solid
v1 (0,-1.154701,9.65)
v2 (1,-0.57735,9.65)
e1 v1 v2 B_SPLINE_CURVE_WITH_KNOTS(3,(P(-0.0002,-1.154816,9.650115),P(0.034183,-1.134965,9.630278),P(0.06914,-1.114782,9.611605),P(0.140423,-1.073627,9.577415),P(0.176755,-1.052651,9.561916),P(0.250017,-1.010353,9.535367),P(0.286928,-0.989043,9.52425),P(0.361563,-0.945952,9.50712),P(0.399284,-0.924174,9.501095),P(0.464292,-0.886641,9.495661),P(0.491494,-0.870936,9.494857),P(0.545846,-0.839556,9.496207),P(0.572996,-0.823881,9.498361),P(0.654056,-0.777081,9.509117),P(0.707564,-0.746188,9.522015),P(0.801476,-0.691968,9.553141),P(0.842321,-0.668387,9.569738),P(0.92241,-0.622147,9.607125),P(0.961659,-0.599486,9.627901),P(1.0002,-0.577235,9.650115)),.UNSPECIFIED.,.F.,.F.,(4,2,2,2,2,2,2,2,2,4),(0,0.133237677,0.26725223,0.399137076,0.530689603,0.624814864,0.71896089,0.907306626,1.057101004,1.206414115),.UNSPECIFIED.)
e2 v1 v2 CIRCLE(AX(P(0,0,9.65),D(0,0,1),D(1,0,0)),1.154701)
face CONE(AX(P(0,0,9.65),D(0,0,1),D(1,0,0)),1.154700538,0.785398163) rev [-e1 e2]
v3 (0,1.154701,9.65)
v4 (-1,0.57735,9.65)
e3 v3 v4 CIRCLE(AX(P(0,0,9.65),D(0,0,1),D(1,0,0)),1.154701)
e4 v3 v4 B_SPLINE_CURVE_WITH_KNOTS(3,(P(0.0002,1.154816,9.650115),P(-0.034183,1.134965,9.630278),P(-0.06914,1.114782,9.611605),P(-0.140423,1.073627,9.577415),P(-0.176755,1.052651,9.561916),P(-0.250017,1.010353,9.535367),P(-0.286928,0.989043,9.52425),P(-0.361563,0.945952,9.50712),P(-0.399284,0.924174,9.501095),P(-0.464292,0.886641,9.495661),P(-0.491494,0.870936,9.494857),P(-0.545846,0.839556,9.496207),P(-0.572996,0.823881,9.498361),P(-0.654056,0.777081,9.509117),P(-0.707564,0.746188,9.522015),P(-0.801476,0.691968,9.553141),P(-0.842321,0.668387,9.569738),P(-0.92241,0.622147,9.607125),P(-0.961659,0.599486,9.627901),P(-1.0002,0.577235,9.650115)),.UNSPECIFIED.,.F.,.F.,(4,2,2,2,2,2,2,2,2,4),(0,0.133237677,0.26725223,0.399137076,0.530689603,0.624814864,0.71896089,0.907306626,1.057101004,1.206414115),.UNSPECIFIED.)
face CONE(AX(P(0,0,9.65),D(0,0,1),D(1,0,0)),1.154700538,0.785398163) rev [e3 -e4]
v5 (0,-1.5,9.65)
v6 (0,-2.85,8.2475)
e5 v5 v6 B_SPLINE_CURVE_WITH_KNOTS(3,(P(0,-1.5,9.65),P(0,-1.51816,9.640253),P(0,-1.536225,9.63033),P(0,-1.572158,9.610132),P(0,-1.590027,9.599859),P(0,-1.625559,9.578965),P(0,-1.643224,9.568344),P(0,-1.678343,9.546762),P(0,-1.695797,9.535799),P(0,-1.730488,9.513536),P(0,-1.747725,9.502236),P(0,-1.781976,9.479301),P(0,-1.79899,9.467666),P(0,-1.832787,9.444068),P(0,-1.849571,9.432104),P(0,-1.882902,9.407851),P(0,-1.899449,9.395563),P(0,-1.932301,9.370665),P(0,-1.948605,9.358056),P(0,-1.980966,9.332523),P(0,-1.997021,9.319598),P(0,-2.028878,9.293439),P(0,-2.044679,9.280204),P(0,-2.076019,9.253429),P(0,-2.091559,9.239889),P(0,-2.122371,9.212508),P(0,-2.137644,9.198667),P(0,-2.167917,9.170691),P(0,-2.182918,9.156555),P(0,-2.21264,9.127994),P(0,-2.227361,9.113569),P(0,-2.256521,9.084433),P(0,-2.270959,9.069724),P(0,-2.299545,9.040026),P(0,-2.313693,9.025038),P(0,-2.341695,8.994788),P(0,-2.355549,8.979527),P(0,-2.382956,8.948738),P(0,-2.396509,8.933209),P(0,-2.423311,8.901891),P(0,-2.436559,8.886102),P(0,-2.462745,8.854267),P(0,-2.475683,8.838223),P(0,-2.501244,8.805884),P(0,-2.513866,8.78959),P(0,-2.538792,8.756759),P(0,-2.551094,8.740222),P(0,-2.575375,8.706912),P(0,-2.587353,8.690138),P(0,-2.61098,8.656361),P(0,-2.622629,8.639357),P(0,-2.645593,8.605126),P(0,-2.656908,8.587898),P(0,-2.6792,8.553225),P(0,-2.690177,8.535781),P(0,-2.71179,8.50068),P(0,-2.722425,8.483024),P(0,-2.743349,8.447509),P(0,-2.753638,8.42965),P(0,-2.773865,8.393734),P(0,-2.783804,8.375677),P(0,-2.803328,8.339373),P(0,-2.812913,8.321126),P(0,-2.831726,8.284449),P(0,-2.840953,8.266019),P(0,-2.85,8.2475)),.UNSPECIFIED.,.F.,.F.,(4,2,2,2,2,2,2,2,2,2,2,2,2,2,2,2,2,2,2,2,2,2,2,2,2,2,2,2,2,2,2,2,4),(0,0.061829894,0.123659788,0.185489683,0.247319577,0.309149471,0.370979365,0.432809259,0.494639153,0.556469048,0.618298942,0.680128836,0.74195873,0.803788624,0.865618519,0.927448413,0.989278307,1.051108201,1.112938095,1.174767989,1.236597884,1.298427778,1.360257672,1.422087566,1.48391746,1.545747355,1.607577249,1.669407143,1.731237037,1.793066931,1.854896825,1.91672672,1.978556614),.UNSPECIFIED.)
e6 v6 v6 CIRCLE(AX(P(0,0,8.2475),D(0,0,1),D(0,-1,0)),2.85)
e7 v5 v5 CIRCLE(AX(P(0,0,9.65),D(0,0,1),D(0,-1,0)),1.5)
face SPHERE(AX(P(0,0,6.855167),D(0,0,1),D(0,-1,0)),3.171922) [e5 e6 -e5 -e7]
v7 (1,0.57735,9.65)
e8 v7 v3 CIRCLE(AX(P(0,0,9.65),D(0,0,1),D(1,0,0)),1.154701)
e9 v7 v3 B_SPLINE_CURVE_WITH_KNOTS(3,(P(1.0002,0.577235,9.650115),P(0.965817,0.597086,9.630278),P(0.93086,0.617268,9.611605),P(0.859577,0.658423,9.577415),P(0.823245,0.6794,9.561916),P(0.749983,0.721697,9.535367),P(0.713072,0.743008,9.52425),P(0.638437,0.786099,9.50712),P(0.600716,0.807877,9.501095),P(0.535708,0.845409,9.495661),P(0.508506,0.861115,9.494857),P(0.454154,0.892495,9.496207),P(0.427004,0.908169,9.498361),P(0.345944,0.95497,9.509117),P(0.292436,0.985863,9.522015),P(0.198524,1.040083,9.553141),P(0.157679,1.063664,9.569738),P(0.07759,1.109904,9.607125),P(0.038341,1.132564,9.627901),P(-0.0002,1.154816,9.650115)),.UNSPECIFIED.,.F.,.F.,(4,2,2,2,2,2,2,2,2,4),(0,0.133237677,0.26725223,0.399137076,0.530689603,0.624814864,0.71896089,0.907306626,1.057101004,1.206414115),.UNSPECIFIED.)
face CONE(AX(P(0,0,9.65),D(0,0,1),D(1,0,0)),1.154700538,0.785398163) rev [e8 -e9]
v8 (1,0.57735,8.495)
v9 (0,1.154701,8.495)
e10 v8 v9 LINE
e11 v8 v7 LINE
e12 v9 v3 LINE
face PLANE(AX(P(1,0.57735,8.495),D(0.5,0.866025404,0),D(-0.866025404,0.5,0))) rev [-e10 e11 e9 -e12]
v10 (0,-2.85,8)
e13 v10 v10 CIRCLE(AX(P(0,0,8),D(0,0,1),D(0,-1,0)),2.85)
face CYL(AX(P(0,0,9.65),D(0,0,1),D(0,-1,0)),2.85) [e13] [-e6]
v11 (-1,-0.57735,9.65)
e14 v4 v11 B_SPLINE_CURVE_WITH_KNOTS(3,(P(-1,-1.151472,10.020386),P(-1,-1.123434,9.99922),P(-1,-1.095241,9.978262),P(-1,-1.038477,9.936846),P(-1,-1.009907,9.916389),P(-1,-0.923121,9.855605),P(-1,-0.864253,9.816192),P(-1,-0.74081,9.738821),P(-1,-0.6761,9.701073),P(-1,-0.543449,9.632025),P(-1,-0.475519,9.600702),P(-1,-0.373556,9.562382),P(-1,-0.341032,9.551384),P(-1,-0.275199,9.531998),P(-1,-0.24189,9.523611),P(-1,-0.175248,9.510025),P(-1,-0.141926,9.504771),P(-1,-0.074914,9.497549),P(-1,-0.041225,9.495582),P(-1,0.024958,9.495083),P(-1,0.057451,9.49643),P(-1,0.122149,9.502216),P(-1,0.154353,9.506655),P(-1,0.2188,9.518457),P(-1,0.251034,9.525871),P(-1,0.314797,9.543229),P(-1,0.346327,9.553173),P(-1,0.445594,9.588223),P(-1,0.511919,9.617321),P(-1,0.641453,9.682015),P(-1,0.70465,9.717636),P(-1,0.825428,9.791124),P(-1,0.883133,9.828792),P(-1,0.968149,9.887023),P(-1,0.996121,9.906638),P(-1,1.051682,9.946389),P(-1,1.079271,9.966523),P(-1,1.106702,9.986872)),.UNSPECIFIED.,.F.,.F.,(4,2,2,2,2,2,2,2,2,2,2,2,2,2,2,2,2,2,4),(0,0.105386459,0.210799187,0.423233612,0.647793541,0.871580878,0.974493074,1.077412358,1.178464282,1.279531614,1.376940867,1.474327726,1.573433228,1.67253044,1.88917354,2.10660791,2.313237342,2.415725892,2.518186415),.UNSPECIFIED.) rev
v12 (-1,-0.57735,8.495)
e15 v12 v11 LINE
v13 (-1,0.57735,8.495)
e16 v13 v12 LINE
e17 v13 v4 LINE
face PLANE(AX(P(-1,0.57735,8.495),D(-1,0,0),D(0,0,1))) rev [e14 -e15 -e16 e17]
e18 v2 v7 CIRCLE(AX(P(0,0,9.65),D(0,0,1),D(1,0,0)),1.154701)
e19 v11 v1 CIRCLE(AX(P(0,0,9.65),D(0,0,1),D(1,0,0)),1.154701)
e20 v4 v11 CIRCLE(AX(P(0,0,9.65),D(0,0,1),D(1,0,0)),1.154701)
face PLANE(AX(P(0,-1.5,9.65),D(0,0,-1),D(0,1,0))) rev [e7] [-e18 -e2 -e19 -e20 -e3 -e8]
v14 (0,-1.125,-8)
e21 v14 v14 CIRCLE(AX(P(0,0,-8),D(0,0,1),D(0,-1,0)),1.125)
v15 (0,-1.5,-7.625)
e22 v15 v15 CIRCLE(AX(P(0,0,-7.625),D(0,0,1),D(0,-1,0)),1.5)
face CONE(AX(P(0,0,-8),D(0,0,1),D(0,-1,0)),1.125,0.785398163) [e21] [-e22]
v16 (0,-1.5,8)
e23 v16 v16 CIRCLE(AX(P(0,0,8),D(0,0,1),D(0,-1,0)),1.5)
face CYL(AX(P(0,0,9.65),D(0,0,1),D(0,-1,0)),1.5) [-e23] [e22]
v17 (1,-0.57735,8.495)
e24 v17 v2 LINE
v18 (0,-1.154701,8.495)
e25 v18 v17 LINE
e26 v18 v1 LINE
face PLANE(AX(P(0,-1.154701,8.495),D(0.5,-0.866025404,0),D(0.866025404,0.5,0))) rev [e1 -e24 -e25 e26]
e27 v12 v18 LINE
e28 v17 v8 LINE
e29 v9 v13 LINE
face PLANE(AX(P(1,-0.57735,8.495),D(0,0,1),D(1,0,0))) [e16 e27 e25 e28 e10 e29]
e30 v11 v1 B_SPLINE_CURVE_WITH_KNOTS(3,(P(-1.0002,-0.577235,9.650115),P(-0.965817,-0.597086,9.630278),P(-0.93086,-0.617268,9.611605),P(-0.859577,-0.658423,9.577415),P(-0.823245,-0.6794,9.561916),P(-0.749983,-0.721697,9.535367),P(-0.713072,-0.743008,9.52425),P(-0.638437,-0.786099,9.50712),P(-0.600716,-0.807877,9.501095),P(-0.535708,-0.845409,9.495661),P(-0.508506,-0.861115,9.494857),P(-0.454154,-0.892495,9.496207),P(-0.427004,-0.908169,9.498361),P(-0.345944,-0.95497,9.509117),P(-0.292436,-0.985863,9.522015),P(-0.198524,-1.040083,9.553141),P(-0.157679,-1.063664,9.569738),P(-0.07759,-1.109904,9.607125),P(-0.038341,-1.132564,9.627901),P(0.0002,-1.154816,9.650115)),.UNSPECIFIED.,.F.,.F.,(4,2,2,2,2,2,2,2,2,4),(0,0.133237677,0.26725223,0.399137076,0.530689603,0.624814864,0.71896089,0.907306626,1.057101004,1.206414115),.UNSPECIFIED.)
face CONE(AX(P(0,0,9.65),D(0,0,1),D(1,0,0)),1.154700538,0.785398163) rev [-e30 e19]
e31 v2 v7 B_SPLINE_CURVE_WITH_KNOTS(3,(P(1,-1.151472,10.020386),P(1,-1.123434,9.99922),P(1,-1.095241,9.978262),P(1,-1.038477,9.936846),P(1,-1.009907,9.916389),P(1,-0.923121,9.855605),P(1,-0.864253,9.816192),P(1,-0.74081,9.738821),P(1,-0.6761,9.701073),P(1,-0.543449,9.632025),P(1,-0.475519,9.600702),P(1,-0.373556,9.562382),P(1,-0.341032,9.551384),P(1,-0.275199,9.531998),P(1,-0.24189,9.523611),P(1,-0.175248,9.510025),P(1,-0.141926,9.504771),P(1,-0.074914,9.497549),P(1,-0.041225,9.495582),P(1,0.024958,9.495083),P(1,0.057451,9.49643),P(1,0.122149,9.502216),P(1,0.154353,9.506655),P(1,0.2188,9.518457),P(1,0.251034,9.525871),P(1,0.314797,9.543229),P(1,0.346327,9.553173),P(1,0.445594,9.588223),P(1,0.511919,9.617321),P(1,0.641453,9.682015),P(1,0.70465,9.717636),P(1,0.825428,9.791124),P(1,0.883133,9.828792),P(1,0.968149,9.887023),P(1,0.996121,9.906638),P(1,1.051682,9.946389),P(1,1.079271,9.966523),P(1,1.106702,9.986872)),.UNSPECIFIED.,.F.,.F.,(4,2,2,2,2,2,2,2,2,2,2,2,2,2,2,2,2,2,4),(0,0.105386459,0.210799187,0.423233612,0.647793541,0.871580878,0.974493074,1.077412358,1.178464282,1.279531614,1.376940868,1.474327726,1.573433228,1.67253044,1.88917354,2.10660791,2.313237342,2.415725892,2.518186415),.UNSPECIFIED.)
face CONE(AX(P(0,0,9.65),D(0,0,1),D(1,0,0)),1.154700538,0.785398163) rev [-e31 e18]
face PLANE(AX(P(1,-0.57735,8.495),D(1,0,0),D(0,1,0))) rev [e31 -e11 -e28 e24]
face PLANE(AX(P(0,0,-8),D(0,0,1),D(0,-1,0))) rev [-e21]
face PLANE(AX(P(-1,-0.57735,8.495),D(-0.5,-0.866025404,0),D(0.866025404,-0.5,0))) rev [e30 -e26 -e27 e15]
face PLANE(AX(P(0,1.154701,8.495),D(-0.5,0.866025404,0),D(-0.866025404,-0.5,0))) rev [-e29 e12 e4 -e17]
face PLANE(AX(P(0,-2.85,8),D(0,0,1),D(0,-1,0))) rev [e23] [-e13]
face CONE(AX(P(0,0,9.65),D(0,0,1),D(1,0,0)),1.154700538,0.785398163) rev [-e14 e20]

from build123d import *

# Parameters (mm, degrees)
CUT_EXTRUDE2_DEPTH = 1.155


with BuildPart() as part:
    # Sketch10 → Revolve3 (revolve)
    with BuildSketch(Plane(origin=(0, 0, 0), x_dir=(0, 0, -1), z_dir=(1, 0, 0))):
        Polygon((7.625, 1.5), (8, 1.125), (8, 0), (-8, 0), (-8, 1.5), align=None)
    revolve(axis=Axis((0, 0, 9.65), (0, 0, -1)))

    # Sketch7 → Revolve2 (revolve)
    with BuildSketch(Plane(origin=(0, 0, 0), x_dir=(0, 0, -1), z_dir=(1, 0, 0))):
        with BuildLine():
            Line((-8.2475, 2.85), (-8, 2.85))
            Line((-8, 2.85), (-8, 0))
            Line((-8, 0), (-9.65, 0))
            Line((-9.65, 0), (-9.65, 1.5))
            ThreePointArc((-9.65, 1.5), (-9.05487489, 2.285251969), (-8.2475, 2.85))
        make_face()
    revolve(axis=Axis((0, 0, 9.65), (0, 0, -1)))

    # Sketch5 → Cut-Extrude2 (cut)
    with BuildSketch(Plane.XY.offset(9.65)):
        Polygon((1, -0.577350269), (1, 0.577350269), (0, 1.154700538), (-1, 0.577350269), (-1, -0.577350269), (0, -1.154700538), align=None)
    extrude(amount=-CUT_EXTRUDE2_DEPTH, mode=Mode.SUBTRACT)

    # Cut-Extrude3 cone 1 section (through the dimple's axis) → Cut-Extrude3 (revolve, cut)
    with BuildSketch(Plane(origin=(0, 0, 9.65), x_dir=(0, -1, 0), z_dir=(1, 0, 0))):
        Polygon((0, 0), (1.154700538, 0), (0, 1.154700538), align=None)
    revolve(axis=Axis((0, 0, 9.65), (0, 0, -1)), mode=Mode.SUBTRACT)


solid = part.part
